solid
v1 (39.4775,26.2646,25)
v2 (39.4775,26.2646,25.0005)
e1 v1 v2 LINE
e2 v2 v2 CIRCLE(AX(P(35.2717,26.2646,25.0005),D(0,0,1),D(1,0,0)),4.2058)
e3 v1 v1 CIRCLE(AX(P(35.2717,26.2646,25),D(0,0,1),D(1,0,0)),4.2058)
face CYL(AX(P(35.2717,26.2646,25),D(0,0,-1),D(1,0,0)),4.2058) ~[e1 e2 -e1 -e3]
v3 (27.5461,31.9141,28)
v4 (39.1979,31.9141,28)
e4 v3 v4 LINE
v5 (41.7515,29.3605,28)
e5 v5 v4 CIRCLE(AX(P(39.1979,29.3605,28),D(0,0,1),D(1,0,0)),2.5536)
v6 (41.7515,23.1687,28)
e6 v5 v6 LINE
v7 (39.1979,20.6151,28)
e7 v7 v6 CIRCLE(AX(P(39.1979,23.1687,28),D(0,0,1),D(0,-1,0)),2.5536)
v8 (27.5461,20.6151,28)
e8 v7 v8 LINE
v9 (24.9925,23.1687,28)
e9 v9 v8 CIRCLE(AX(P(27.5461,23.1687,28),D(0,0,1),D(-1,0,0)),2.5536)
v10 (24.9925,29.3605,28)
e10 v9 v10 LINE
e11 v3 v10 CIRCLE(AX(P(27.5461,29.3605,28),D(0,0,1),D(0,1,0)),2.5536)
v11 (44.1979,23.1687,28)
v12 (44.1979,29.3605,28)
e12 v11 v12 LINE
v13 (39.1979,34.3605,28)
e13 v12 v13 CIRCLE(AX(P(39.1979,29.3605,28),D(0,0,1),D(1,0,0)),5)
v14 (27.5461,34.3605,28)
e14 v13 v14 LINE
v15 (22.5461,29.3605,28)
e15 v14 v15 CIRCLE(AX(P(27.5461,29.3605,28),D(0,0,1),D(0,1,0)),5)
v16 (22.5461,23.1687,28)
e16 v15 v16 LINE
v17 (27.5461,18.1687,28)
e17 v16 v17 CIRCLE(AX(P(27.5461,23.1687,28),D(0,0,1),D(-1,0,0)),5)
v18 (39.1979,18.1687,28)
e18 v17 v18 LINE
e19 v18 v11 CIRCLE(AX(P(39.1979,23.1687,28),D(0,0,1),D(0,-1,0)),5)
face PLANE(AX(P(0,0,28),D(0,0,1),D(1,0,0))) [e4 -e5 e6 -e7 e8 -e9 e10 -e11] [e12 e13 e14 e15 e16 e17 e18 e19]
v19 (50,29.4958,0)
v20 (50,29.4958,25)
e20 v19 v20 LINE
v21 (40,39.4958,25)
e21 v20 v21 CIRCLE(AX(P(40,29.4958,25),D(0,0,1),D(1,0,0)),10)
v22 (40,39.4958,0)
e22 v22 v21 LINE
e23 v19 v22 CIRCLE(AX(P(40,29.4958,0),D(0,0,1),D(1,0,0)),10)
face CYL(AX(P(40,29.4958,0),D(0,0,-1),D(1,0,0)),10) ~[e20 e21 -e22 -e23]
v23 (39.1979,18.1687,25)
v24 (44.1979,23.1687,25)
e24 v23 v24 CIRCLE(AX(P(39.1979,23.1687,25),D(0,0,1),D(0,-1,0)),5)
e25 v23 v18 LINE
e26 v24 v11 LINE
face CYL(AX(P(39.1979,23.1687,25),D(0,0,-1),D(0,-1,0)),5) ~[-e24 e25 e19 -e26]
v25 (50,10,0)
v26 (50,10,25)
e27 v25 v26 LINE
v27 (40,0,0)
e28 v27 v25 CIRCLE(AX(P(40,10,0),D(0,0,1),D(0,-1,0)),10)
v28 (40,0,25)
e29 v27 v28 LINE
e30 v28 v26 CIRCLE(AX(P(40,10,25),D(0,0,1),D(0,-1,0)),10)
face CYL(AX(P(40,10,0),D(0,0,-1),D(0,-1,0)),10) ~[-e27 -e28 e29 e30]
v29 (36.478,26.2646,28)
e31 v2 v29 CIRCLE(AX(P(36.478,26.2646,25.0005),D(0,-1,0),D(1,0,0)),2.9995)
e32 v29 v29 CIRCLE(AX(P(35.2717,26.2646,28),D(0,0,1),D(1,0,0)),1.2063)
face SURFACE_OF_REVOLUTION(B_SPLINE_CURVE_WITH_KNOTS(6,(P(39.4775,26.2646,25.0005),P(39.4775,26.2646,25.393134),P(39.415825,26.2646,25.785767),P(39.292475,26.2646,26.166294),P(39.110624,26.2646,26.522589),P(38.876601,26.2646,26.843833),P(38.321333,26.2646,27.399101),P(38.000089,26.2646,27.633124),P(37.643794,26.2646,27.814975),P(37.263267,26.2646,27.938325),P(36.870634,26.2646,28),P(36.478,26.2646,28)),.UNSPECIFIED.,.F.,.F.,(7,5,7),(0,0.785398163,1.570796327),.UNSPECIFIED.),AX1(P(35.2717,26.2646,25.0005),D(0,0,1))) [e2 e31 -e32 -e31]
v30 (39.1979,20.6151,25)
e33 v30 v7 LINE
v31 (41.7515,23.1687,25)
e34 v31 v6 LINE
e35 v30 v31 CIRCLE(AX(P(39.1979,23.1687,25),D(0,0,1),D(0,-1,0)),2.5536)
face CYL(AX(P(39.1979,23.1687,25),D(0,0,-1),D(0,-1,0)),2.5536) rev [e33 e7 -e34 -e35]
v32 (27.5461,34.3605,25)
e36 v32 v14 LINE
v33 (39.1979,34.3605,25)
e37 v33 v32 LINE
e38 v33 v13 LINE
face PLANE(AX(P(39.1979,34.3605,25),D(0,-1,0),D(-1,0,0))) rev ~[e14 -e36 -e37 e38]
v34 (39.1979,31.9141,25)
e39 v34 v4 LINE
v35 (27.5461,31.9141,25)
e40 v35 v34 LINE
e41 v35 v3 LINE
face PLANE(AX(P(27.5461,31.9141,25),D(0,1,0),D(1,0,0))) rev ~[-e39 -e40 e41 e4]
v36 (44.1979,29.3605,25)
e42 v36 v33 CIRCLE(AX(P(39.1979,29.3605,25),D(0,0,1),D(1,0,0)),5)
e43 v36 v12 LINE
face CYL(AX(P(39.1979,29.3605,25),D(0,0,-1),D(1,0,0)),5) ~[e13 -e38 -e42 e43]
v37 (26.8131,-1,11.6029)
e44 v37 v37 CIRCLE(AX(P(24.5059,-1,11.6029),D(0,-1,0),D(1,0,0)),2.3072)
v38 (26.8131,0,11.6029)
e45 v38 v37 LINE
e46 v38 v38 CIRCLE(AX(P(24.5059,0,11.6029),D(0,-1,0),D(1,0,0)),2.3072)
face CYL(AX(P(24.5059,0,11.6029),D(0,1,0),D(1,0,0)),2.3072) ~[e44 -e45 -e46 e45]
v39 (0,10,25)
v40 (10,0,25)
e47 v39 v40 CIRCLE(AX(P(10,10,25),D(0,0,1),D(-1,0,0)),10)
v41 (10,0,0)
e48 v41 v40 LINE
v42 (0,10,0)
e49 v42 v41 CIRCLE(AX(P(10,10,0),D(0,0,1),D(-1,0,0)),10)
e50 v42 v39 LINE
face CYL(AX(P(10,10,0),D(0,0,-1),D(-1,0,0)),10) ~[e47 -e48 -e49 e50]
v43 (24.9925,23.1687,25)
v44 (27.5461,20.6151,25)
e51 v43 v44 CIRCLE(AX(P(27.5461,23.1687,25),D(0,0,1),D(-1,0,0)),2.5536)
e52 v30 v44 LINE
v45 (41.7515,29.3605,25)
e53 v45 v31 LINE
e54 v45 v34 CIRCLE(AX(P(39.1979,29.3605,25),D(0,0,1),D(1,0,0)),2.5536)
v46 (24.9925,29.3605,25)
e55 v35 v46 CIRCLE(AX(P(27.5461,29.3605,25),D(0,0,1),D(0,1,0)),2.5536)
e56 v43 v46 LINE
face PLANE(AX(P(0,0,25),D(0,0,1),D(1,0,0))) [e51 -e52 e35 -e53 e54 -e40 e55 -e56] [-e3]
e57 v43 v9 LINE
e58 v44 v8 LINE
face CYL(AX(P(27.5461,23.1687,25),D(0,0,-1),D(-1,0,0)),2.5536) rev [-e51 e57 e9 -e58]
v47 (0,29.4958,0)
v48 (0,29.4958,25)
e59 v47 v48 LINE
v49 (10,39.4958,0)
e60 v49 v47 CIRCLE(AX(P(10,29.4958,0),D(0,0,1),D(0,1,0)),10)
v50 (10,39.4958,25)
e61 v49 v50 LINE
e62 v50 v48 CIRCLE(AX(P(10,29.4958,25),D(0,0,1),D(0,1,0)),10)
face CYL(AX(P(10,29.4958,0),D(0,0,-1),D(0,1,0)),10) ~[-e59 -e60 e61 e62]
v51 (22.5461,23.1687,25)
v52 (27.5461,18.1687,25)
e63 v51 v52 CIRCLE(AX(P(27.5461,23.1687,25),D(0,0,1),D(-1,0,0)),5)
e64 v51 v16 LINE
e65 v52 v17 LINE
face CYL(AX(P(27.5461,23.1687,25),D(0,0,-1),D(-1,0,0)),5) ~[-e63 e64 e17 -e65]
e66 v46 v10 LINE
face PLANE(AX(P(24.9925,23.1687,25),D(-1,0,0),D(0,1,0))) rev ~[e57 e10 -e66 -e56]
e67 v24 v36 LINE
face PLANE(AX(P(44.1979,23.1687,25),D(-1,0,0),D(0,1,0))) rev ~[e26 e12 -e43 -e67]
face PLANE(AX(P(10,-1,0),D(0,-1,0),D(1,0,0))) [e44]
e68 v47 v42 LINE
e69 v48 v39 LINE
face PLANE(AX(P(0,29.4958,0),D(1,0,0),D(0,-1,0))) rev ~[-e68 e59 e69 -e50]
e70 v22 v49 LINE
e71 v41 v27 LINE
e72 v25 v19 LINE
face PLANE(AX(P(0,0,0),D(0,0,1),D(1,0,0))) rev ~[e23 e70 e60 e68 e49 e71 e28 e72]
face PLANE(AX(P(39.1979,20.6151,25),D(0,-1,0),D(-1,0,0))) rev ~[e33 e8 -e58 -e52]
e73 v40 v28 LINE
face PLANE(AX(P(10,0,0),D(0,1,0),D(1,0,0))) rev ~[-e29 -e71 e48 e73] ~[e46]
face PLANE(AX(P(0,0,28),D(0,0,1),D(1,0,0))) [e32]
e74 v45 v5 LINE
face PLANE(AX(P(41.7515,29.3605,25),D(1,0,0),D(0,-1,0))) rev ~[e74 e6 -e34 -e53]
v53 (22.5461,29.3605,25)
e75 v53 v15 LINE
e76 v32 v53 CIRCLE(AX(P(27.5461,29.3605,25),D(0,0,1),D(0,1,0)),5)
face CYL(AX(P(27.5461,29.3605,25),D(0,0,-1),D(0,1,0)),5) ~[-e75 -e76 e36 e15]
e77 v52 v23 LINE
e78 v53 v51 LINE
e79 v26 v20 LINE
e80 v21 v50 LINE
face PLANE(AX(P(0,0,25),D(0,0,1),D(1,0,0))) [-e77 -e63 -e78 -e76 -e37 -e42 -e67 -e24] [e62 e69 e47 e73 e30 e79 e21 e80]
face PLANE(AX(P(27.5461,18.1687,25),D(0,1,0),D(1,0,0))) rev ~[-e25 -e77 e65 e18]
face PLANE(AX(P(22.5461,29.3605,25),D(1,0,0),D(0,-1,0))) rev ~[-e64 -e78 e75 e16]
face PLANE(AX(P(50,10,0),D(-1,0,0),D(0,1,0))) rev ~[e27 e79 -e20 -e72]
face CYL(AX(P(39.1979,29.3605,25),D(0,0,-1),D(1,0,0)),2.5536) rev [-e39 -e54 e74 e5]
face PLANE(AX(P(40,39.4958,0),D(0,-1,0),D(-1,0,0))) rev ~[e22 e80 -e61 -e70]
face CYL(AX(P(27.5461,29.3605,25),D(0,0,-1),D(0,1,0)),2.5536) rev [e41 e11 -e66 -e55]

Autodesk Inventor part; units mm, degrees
ref_plane "YZ Plane" through (0, 0, 0) normal (1, 0, 0) x (0, 1, 0)
ref_plane "XZ Plane" through (0, 0, 0) normal (0, 1, 0) x (-1, 0, 0)
ref_plane "XY Plane" through (0, 0, 0) normal (0, 0, 1) x (1, 0, 0)
sketch "Sketch1" plane through (0, 0, 0) normal (0, 0, 1) x (1, 0, 0)
  line L0 (10, 0) -> (40, 0)
  line L1 (50, 10) -> (50, 29.4958)
  line L2 (40, 39.4958) -> (10, 39.4958)
  line L3 (0, 29.4958) -> (0, 10)
  arc A0 (10, 39.4958) -> (0, 29.4958) centre (10, 29.4958) ccw
  arc A1 (50, 29.4958) -> (40, 39.4958) centre (40, 29.4958) ccw
  arc A2 (40, 0) -> (50, 10) centre (40, 10) ccw
  arc A3 (0, 10) -> (10, 0) centre (10, 10) ccw
  point P0 (0, 0)
  point P1 (50, 39.4958)
  point P2 (0, 39.4958)
  dimension "d0" = 50
  dimension "d1" = 10
extrude "Extrusion1" add sketch "Sketch1" along normal blind 25
sketch "Sketch2" plane through (0, 0, 25) normal (0, 0, 1) x (1, 0, 0)
  line L0 (39.1979, 34.3605) -> (27.5461, 34.3605)
  line L1 (22.5461, 29.3605) -> (22.5461, 23.1687)
  line L2 (27.5461, 18.1687) -> (39.1979, 18.1687)
  line L3 (44.1979, 23.1687) -> (44.1979, 29.3605)
  arc A0 (27.5461, 34.3605) -> (22.5461, 29.3605) centre (27.5461, 29.3605) ccw
  arc A1 (44.1979, 29.3605) -> (39.1979, 34.3605) centre (39.1979, 29.3605) ccw
  arc A2 (39.1979, 18.1687) -> (44.1979, 23.1687) centre (39.1979, 23.1687) ccw
  arc A3 (22.5461, 23.1687) -> (27.5461, 18.1687) centre (27.5461, 23.1687) ccw
  line L4 (27.5461, 31.9141) -> (39.1979, 31.9141)
  arc A4 (41.7515, 29.3605) -> (39.1979, 31.9141) centre (39.1979, 29.3605) ccw
  line L5 (41.7515, 29.3605) -> (41.7515, 23.1687)
  arc A5 (39.1979, 20.6151) -> (41.7515, 23.1687) centre (39.1979, 23.1687) ccw
  line L6 (39.1979, 20.6151) -> (27.5461, 20.6151)
  arc A6 (24.9925, 23.1687) -> (27.5461, 20.6151) centre (27.5461, 23.1687) ccw
  line L7 (24.9925, 23.1687) -> (24.9925, 29.3605)
  arc A7 (27.5461, 31.9141) -> (24.9925, 29.3605) centre (27.5461, 29.3605) ccw
  circle A8 centre (35.2717, 26.2646) radius 4.2058
  point P0 (0, 0)
  dimension "d4" = 5
extrude "Extrusion2" add sketch "Sketch2" along normal blind 3
fillet "Fillet1" radius 3 1 edges at (31.0659, 26.2646, 28)
sketch "Sketch3" plane through (10, 0, 0) normal (0, -1, 0) x (1, 0, 0)
  circle A0 centre (14.5059, 11.6029) radius 2.3072
  point P0 (-10, 0)
extrude "Extrusion3" add sketch "Sketch3" along normal blind 1
properties part number "temp camera" material "Rubber"
